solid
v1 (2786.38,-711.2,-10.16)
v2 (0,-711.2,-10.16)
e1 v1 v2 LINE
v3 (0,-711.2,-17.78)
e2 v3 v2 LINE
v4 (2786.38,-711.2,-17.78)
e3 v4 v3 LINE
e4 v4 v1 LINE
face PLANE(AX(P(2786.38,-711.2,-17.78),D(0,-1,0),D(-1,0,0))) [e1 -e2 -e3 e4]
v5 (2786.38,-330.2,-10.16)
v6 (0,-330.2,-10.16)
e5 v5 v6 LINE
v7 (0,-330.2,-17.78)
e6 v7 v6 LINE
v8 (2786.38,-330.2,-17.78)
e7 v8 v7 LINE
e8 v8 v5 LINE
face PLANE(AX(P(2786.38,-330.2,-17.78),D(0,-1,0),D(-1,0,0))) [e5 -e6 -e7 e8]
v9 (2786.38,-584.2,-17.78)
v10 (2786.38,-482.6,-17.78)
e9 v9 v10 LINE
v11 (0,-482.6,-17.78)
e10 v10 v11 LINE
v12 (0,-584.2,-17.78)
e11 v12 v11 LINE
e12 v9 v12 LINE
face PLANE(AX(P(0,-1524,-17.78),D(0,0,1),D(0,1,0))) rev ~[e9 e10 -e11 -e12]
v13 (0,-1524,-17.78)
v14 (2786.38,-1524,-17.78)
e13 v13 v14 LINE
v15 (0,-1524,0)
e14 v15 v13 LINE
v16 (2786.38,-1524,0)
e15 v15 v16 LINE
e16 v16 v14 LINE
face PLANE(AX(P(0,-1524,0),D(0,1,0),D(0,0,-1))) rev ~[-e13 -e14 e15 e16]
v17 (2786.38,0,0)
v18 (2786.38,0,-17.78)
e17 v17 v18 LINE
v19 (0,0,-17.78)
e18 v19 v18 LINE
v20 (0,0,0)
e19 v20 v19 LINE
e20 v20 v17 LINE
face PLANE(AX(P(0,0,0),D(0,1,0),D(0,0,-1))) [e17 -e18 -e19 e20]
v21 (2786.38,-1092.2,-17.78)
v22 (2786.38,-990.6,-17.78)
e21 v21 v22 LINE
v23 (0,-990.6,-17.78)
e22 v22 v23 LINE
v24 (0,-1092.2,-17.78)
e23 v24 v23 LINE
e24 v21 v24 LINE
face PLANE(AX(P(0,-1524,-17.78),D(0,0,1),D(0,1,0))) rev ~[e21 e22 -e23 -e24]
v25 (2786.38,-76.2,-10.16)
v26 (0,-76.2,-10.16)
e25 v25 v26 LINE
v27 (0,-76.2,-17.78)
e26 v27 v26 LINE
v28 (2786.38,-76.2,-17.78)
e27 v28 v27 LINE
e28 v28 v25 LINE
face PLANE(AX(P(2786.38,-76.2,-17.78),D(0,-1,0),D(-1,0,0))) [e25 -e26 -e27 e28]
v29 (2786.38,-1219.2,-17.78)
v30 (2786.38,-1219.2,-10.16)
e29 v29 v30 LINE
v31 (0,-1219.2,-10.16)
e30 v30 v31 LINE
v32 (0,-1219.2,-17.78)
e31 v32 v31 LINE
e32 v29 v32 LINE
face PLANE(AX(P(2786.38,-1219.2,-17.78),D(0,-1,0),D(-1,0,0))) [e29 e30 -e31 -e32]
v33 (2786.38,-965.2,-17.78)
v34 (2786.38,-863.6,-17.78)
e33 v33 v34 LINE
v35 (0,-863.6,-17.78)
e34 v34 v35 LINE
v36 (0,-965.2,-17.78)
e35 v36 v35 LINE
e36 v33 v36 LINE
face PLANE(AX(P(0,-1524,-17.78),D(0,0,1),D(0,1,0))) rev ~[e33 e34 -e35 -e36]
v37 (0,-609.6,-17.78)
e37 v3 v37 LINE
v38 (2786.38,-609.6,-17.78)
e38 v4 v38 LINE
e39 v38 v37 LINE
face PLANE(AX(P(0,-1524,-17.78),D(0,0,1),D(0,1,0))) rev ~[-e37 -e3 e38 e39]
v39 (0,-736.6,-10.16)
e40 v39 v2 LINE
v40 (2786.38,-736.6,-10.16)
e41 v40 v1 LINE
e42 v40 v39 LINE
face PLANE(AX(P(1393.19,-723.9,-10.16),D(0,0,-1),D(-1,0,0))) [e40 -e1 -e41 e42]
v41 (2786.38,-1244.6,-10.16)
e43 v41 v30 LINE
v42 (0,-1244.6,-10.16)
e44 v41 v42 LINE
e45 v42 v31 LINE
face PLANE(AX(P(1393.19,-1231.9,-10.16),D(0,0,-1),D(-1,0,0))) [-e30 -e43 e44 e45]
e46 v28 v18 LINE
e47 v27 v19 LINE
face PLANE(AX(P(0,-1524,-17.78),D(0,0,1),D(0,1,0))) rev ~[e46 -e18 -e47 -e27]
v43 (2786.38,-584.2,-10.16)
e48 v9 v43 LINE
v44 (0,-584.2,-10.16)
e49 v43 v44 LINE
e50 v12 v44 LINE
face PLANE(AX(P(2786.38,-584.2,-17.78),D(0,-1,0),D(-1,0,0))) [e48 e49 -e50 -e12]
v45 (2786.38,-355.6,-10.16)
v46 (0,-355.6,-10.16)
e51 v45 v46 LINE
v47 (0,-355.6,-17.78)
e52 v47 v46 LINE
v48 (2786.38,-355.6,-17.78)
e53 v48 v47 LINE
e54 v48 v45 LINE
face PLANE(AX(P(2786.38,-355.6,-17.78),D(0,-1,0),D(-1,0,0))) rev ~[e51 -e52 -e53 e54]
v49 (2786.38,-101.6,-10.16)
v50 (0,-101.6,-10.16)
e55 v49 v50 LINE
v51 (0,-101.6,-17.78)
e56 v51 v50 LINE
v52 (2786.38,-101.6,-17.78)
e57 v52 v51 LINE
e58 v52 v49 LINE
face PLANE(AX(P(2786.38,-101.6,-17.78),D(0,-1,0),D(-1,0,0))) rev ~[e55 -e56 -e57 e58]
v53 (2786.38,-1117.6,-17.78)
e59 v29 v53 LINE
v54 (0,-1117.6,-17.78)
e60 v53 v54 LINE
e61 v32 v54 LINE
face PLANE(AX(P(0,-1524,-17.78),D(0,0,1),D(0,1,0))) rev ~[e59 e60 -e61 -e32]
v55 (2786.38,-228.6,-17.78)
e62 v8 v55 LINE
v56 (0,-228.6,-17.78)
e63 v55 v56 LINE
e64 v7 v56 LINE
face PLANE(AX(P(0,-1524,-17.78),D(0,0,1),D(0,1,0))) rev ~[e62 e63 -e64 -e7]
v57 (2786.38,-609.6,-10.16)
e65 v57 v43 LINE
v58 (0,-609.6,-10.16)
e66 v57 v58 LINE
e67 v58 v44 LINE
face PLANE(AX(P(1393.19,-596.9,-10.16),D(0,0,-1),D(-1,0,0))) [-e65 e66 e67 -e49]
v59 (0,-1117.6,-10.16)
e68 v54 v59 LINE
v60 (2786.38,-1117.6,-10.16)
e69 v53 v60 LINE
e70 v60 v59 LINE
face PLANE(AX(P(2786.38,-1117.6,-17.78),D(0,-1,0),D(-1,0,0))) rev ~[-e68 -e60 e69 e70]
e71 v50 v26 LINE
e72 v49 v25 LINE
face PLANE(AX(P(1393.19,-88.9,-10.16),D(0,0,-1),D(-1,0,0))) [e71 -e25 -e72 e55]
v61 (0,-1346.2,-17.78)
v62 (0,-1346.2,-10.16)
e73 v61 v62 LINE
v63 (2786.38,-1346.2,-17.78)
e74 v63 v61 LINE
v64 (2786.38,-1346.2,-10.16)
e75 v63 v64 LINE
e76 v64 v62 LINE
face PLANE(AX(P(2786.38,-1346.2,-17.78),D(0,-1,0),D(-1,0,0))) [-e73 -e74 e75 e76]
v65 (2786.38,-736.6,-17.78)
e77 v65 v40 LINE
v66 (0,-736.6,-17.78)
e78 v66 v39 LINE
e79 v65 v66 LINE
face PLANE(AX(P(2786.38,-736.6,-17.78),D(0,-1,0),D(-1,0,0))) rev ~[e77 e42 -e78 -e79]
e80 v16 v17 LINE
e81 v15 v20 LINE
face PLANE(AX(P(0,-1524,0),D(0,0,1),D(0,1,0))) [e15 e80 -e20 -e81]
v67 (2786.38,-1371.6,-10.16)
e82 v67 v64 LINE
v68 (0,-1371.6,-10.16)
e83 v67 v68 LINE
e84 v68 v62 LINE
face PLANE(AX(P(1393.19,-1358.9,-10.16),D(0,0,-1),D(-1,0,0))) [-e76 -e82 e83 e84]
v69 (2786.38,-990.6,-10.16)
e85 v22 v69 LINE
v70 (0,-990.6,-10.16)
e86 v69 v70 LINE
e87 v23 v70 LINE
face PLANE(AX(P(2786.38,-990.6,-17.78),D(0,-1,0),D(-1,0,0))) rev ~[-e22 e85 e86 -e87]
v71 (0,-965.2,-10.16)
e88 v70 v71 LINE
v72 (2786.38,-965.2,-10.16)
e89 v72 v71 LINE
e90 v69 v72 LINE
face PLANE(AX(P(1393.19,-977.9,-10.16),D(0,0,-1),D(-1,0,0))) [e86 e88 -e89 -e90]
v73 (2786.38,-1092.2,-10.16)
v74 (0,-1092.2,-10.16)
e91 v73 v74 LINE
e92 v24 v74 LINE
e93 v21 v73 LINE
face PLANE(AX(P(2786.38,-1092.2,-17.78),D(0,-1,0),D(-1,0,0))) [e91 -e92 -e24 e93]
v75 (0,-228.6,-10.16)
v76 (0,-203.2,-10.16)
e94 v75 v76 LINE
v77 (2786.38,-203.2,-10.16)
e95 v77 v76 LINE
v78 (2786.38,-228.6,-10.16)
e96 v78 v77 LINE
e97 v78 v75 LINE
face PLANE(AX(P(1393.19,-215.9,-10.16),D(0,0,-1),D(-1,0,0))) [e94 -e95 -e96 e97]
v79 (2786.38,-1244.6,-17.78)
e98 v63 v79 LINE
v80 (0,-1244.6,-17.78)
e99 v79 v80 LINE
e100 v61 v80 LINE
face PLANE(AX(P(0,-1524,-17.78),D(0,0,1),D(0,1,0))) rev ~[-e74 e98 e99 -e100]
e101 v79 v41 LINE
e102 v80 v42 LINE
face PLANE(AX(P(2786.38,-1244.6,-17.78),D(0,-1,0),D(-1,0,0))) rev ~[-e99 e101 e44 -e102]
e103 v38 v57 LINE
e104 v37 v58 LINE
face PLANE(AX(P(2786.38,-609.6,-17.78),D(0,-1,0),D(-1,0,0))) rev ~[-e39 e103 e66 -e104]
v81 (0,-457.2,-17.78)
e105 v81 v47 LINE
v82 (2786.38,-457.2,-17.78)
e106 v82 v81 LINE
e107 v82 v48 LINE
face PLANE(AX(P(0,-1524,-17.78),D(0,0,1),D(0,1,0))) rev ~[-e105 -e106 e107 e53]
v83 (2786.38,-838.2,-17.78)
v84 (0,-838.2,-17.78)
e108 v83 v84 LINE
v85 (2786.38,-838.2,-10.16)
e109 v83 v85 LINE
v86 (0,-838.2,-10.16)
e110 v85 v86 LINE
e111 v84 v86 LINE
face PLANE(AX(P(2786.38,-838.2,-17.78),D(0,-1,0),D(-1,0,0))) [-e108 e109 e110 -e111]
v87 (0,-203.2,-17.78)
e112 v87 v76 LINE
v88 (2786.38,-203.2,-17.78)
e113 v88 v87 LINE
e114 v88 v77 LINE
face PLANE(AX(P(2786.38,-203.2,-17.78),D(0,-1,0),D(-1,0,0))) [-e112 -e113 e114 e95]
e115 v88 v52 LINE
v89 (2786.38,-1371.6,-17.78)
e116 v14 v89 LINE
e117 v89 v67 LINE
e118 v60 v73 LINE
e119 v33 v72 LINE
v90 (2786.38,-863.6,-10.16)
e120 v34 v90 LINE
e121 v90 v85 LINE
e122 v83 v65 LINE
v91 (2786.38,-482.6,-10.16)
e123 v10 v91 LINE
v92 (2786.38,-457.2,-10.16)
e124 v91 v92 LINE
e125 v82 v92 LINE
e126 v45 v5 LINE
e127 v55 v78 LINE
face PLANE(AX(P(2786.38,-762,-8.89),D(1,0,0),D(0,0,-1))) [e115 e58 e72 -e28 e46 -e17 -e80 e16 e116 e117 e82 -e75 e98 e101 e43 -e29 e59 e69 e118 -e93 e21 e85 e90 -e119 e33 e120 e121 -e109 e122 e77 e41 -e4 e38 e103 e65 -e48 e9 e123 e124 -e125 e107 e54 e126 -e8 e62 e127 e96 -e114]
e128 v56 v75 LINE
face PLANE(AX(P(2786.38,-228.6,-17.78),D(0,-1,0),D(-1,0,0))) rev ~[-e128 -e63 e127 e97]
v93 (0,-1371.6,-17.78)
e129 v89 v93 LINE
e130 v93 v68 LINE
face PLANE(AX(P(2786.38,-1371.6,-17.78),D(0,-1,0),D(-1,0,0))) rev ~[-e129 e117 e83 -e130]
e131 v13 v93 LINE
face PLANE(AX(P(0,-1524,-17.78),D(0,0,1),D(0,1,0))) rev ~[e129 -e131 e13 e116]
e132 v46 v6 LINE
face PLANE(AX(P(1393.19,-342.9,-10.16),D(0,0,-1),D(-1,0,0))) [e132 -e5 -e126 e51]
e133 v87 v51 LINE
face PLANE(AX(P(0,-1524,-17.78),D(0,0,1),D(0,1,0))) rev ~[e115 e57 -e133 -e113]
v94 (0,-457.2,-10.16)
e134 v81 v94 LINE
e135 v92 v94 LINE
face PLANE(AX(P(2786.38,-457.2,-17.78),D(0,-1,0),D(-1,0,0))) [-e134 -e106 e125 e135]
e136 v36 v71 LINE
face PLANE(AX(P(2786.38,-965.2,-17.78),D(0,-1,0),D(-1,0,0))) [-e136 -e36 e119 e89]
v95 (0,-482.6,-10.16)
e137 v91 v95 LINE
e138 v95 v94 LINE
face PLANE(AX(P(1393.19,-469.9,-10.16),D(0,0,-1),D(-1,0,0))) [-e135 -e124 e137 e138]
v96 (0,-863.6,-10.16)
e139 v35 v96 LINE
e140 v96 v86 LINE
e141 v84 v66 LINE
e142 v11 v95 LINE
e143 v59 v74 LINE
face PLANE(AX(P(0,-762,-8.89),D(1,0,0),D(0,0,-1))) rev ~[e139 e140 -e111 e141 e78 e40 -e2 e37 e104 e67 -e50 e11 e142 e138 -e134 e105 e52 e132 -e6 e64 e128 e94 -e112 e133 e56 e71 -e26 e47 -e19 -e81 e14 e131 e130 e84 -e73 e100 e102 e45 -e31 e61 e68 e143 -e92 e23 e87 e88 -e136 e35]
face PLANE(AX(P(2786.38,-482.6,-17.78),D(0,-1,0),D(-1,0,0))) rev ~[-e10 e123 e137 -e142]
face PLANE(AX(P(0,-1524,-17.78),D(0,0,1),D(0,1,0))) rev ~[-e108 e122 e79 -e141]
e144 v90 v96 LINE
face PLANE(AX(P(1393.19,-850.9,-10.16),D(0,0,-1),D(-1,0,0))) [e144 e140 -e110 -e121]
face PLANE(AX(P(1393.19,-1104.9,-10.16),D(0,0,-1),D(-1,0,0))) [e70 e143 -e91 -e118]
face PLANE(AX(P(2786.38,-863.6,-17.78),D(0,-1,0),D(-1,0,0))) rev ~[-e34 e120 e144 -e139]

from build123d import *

# Parameters (mm, degrees)
SKETCH2_W           = 17.78
SKETCH2_H           = 1524
BOSS_EXTRUDE1_DEPTH = 2786.38
SKETCH3_W           = 2786.38
SKETCH3_H           = 25.4
CUT_EXTRUDE1_DEPTH  = 7.62


with BuildPart() as part:
    # Sketch2 → Boss-Extrude1 (new body)
    with BuildSketch(Plane(origin=(0, 0, 0), x_dir=(0, 0, -1), z_dir=(1, 0, 0))):
        with Locations((8.89, -762)):
            Rectangle(SKETCH2_W, SKETCH2_H)
    extrude(amount=BOSS_EXTRUDE1_DEPTH)

    # Sketch3 → Cut-Extrude1 (cut)
    with BuildSketch(Plane(origin=(0, 0, -17.78), x_dir=(-1, 0, 0), z_dir=(0, 0, -1))):
        with Locations((-1393.19, -88.9)):
            Rectangle(SKETCH3_W, SKETCH3_H)
        with Locations((-1393.19, -215.9)):
            Rectangle(SKETCH3_W, SKETCH3_H)
        with Locations((-1393.19, -342.9)):
            Rectangle(SKETCH3_W, SKETCH3_H)
        with Locations((-1393.19, -469.9)):
            Rectangle(SKETCH3_W, SKETCH3_H)
        with Locations((-1393.19, -596.9)):
            Rectangle(SKETCH3_W, SKETCH3_H)
        with Locations((-1393.19, -723.9)):
            Rectangle(SKETCH3_W, SKETCH3_H)
        with Locations((-1393.19, -850.9)):
            Rectangle(SKETCH3_W, SKETCH3_H)
        with Locations((-1393.19, -977.9)):
            Rectangle(SKETCH3_W, SKETCH3_H)
        with Locations((-1393.19, -1104.9)):
            Rectangle(SKETCH3_W, SKETCH3_H)
        with Locations((-1393.19, -1231.9)):
            Rectangle(SKETCH3_W, SKETCH3_H)
        with Locations((-1393.19, -1358.9)):
            Rectangle(SKETCH3_W, SKETCH3_H)
    extrude(amount=-CUT_EXTRUDE1_DEPTH, mode=Mode.SUBTRACT)


solid = part.part
